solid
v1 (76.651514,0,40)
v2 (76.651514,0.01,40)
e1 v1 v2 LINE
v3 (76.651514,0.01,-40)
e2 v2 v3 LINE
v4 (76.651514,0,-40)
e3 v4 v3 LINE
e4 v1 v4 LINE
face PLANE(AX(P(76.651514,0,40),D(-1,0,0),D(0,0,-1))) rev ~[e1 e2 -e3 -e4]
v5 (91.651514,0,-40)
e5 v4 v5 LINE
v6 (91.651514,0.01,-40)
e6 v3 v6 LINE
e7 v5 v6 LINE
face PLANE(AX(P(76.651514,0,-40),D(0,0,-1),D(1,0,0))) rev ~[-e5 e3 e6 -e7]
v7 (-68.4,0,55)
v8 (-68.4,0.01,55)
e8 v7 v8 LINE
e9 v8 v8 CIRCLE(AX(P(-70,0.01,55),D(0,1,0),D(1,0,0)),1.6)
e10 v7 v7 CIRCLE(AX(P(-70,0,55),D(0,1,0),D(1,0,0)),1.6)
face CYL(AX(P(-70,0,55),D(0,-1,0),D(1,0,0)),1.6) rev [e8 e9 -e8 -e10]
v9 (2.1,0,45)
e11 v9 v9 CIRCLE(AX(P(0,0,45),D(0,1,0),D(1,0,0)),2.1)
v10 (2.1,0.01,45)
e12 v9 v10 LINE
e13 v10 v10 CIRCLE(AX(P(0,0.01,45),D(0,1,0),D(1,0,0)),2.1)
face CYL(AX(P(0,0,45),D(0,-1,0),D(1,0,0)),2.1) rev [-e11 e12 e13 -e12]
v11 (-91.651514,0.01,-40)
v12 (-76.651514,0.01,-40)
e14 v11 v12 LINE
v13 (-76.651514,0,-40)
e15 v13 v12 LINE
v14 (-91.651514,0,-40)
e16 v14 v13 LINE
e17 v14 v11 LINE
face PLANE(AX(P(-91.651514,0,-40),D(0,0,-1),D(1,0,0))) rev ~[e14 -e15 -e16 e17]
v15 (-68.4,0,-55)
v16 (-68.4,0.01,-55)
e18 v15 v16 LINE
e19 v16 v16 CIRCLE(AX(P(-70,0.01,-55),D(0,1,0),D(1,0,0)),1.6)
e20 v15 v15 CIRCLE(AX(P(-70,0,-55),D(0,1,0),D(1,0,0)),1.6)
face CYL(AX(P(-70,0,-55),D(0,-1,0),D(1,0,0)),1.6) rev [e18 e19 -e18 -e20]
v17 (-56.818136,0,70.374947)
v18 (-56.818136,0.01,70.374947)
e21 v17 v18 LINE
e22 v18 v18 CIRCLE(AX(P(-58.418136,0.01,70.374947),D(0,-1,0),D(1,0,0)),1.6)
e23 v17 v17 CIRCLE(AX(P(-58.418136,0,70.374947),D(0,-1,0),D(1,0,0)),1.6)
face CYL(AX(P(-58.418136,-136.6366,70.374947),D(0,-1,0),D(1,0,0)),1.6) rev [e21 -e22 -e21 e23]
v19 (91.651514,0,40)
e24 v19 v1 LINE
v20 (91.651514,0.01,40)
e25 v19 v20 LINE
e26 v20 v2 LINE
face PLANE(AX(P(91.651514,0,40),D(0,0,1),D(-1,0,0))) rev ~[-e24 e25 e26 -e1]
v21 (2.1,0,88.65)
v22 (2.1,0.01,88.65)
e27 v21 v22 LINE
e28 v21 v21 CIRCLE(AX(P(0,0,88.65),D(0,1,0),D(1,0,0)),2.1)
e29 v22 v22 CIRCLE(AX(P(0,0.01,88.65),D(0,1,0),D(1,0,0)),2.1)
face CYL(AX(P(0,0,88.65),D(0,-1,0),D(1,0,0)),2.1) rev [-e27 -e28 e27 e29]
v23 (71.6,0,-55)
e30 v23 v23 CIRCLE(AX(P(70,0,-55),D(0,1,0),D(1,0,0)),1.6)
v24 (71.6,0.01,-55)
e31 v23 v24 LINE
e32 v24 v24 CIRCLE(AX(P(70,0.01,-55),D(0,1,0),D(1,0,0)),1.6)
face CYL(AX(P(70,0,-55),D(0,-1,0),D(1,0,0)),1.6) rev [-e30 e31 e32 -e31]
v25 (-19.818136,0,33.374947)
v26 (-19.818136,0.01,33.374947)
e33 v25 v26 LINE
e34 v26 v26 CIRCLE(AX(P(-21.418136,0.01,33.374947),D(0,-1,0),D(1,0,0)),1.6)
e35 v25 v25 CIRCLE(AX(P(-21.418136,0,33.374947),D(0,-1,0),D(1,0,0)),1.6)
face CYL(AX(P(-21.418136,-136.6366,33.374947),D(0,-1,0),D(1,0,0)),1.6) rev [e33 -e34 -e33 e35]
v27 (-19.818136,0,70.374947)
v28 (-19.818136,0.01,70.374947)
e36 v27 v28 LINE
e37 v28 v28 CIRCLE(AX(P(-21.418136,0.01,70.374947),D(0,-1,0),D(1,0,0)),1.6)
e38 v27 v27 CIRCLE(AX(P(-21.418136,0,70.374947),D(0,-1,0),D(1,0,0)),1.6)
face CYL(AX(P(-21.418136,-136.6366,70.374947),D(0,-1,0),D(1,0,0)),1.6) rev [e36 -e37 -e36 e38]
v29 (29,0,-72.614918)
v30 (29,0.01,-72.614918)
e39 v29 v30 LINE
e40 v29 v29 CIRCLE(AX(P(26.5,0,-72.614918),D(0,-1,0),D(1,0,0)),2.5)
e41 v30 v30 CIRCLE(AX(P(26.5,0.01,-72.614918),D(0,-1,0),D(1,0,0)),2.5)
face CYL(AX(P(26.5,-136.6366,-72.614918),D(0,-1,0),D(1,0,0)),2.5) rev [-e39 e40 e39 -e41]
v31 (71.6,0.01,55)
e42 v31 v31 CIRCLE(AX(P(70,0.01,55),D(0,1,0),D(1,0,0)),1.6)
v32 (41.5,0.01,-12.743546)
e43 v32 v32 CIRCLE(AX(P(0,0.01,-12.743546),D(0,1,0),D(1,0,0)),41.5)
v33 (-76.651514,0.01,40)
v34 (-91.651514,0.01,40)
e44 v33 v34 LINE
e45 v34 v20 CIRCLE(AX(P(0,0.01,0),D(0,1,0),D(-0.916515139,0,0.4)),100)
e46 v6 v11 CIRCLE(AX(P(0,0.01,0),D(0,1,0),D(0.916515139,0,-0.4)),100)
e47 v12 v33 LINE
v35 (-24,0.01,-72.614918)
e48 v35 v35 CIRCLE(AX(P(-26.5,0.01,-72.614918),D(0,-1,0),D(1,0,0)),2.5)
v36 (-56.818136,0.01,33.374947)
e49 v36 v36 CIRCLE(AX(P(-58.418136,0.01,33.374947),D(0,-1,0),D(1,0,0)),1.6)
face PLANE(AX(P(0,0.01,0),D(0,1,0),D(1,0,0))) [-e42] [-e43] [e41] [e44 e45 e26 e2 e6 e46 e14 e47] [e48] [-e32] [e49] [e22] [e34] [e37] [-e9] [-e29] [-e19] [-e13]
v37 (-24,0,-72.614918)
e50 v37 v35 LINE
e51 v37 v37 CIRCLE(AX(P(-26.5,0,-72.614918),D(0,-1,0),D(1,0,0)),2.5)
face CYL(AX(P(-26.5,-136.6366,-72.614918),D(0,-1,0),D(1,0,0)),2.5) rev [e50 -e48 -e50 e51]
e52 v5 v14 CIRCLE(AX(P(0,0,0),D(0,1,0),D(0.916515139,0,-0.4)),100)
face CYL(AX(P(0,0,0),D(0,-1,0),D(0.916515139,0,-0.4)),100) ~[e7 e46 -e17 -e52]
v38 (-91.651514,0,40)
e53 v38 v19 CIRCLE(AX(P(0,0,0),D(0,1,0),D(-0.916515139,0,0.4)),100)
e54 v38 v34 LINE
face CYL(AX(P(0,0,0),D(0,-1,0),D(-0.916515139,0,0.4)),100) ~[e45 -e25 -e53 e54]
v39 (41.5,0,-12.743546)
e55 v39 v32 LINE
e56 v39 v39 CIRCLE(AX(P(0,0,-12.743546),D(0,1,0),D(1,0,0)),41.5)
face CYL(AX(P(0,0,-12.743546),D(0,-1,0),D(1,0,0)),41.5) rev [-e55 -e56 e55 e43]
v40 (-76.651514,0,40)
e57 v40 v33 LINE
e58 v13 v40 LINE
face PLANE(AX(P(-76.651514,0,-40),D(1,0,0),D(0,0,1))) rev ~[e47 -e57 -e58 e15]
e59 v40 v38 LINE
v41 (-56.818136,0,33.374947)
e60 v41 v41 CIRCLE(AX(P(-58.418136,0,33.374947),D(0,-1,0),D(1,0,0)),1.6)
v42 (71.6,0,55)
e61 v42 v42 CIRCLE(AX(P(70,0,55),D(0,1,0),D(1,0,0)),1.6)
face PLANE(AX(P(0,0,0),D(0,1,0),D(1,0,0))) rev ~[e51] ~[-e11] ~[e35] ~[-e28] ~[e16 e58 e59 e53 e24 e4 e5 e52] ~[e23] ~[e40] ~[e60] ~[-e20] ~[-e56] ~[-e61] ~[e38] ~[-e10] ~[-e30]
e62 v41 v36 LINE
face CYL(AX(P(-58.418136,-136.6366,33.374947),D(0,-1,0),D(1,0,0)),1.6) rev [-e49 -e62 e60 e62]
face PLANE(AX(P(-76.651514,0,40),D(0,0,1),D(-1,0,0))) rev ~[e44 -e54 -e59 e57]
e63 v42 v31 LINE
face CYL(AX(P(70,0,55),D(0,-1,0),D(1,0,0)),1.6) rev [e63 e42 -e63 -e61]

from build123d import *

# Parameters (mm, degrees)
SKETCH_2_R               = 1.6
SKETCH_2_R_2             = 2.1
SKETCH_2_R_3             = 41.5
EXTRUDE_1_DEPTH          = 0.01
CUT_EXTRUDE_8_DEPTH      = 136.646600031
CUT_EXTRUDE_8_DEPTH_BACK = 136.646600031
SKETCH_6_R               = 1.6
CUT_EXTRUDE_9_DEPTH      = 136.646600031
CUT_EXTRUDE_9_DEPTH_BACK = 136.646600031
SKETCH_7_R               = 2.5


with BuildPart() as part:
    # 草圖2 → 填料-伸長1 (new body)
    with BuildSketch(Plane(origin=(0, 0, 0), x_dir=(1, 0, 0), z_dir=(0, 1, 0))):
        with BuildLine():
            Line((76.651513899, -40), (76.651513899, 40))
            Line((76.651513899, 40), (91.651513899, 40))
            ThreePointArc((91.651513899, 40), (0, 100), (-91.651513899, 40))
            Line((-91.651513899, 40), (-76.651513899, 40))
            Line((-76.651513899, 40), (-76.651513899, -40))
            Line((-76.651513899, -40), (-91.651513899, -40))
            ThreePointArc((-91.651513899, -40), (0, -100), (91.651513899, -40))
            Line((91.651513899, -40), (76.651513899, -40))
        make_face()
        with Locations((-70, -55)):
            Circle(SKETCH_2_R, mode=Mode.SUBTRACT)
        with Locations((0, -88.65)):
            Circle(SKETCH_2_R_2, mode=Mode.SUBTRACT)
        with Locations((70, -55)):
            Circle(SKETCH_2_R, mode=Mode.SUBTRACT)
        with Locations((0, -45)):
            Circle(SKETCH_2_R_2, mode=Mode.SUBTRACT)
        with Locations((-70, 55)):
            Circle(SKETCH_2_R, mode=Mode.SUBTRACT)
        with Locations((0, 12.743545883)):
            Circle(SKETCH_2_R_3, mode=Mode.SUBTRACT)
        with Locations((70, 55)):
            Circle(SKETCH_2_R, mode=Mode.SUBTRACT)
    extrude(amount=EXTRUDE_1_DEPTH)

    # 草圖6 → 除料-伸長8 (cut, two sides: drawn at the far end of the back side and taken through both)
    with BuildSketch(Plane(origin=(0, 0.01, 0), x_dir=(1, 0, 0), z_dir=(0, 1, 0)).offset(-CUT_EXTRUDE_8_DEPTH_BACK)):
        with Locations((-58.41813564, -33.374946877)):
            Circle(SKETCH_6_R)
        with Locations((-21.41813564, -33.374946877)):
            Circle(SKETCH_6_R)
        with Locations((-58.41813564, -70.374946877)):
            Circle(SKETCH_6_R)
        with Locations((-21.41813564, -70.374946877)):
            Circle(SKETCH_6_R)
    extrude(amount=CUT_EXTRUDE_8_DEPTH + CUT_EXTRUDE_8_DEPTH_BACK, mode=Mode.SUBTRACT)

    # 草圖7 → 除料-伸長9 (cut, two sides: drawn at the far end of the back side and taken through both)
    with BuildSketch(Plane(origin=(0, 0.01, 0), x_dir=(1, 0, 0), z_dir=(0, 1, 0)).offset(-CUT_EXTRUDE_9_DEPTH_BACK)):
        with Locations((-26.5, 72.61491789)):
            Circle(SKETCH_7_R)
        with Locations((26.5, 72.61491789)):
            Circle(SKETCH_7_R)
    extrude(amount=CUT_EXTRUDE_9_DEPTH + CUT_EXTRUDE_9_DEPTH_BACK, mode=Mode.SUBTRACT)


solid = part.part
